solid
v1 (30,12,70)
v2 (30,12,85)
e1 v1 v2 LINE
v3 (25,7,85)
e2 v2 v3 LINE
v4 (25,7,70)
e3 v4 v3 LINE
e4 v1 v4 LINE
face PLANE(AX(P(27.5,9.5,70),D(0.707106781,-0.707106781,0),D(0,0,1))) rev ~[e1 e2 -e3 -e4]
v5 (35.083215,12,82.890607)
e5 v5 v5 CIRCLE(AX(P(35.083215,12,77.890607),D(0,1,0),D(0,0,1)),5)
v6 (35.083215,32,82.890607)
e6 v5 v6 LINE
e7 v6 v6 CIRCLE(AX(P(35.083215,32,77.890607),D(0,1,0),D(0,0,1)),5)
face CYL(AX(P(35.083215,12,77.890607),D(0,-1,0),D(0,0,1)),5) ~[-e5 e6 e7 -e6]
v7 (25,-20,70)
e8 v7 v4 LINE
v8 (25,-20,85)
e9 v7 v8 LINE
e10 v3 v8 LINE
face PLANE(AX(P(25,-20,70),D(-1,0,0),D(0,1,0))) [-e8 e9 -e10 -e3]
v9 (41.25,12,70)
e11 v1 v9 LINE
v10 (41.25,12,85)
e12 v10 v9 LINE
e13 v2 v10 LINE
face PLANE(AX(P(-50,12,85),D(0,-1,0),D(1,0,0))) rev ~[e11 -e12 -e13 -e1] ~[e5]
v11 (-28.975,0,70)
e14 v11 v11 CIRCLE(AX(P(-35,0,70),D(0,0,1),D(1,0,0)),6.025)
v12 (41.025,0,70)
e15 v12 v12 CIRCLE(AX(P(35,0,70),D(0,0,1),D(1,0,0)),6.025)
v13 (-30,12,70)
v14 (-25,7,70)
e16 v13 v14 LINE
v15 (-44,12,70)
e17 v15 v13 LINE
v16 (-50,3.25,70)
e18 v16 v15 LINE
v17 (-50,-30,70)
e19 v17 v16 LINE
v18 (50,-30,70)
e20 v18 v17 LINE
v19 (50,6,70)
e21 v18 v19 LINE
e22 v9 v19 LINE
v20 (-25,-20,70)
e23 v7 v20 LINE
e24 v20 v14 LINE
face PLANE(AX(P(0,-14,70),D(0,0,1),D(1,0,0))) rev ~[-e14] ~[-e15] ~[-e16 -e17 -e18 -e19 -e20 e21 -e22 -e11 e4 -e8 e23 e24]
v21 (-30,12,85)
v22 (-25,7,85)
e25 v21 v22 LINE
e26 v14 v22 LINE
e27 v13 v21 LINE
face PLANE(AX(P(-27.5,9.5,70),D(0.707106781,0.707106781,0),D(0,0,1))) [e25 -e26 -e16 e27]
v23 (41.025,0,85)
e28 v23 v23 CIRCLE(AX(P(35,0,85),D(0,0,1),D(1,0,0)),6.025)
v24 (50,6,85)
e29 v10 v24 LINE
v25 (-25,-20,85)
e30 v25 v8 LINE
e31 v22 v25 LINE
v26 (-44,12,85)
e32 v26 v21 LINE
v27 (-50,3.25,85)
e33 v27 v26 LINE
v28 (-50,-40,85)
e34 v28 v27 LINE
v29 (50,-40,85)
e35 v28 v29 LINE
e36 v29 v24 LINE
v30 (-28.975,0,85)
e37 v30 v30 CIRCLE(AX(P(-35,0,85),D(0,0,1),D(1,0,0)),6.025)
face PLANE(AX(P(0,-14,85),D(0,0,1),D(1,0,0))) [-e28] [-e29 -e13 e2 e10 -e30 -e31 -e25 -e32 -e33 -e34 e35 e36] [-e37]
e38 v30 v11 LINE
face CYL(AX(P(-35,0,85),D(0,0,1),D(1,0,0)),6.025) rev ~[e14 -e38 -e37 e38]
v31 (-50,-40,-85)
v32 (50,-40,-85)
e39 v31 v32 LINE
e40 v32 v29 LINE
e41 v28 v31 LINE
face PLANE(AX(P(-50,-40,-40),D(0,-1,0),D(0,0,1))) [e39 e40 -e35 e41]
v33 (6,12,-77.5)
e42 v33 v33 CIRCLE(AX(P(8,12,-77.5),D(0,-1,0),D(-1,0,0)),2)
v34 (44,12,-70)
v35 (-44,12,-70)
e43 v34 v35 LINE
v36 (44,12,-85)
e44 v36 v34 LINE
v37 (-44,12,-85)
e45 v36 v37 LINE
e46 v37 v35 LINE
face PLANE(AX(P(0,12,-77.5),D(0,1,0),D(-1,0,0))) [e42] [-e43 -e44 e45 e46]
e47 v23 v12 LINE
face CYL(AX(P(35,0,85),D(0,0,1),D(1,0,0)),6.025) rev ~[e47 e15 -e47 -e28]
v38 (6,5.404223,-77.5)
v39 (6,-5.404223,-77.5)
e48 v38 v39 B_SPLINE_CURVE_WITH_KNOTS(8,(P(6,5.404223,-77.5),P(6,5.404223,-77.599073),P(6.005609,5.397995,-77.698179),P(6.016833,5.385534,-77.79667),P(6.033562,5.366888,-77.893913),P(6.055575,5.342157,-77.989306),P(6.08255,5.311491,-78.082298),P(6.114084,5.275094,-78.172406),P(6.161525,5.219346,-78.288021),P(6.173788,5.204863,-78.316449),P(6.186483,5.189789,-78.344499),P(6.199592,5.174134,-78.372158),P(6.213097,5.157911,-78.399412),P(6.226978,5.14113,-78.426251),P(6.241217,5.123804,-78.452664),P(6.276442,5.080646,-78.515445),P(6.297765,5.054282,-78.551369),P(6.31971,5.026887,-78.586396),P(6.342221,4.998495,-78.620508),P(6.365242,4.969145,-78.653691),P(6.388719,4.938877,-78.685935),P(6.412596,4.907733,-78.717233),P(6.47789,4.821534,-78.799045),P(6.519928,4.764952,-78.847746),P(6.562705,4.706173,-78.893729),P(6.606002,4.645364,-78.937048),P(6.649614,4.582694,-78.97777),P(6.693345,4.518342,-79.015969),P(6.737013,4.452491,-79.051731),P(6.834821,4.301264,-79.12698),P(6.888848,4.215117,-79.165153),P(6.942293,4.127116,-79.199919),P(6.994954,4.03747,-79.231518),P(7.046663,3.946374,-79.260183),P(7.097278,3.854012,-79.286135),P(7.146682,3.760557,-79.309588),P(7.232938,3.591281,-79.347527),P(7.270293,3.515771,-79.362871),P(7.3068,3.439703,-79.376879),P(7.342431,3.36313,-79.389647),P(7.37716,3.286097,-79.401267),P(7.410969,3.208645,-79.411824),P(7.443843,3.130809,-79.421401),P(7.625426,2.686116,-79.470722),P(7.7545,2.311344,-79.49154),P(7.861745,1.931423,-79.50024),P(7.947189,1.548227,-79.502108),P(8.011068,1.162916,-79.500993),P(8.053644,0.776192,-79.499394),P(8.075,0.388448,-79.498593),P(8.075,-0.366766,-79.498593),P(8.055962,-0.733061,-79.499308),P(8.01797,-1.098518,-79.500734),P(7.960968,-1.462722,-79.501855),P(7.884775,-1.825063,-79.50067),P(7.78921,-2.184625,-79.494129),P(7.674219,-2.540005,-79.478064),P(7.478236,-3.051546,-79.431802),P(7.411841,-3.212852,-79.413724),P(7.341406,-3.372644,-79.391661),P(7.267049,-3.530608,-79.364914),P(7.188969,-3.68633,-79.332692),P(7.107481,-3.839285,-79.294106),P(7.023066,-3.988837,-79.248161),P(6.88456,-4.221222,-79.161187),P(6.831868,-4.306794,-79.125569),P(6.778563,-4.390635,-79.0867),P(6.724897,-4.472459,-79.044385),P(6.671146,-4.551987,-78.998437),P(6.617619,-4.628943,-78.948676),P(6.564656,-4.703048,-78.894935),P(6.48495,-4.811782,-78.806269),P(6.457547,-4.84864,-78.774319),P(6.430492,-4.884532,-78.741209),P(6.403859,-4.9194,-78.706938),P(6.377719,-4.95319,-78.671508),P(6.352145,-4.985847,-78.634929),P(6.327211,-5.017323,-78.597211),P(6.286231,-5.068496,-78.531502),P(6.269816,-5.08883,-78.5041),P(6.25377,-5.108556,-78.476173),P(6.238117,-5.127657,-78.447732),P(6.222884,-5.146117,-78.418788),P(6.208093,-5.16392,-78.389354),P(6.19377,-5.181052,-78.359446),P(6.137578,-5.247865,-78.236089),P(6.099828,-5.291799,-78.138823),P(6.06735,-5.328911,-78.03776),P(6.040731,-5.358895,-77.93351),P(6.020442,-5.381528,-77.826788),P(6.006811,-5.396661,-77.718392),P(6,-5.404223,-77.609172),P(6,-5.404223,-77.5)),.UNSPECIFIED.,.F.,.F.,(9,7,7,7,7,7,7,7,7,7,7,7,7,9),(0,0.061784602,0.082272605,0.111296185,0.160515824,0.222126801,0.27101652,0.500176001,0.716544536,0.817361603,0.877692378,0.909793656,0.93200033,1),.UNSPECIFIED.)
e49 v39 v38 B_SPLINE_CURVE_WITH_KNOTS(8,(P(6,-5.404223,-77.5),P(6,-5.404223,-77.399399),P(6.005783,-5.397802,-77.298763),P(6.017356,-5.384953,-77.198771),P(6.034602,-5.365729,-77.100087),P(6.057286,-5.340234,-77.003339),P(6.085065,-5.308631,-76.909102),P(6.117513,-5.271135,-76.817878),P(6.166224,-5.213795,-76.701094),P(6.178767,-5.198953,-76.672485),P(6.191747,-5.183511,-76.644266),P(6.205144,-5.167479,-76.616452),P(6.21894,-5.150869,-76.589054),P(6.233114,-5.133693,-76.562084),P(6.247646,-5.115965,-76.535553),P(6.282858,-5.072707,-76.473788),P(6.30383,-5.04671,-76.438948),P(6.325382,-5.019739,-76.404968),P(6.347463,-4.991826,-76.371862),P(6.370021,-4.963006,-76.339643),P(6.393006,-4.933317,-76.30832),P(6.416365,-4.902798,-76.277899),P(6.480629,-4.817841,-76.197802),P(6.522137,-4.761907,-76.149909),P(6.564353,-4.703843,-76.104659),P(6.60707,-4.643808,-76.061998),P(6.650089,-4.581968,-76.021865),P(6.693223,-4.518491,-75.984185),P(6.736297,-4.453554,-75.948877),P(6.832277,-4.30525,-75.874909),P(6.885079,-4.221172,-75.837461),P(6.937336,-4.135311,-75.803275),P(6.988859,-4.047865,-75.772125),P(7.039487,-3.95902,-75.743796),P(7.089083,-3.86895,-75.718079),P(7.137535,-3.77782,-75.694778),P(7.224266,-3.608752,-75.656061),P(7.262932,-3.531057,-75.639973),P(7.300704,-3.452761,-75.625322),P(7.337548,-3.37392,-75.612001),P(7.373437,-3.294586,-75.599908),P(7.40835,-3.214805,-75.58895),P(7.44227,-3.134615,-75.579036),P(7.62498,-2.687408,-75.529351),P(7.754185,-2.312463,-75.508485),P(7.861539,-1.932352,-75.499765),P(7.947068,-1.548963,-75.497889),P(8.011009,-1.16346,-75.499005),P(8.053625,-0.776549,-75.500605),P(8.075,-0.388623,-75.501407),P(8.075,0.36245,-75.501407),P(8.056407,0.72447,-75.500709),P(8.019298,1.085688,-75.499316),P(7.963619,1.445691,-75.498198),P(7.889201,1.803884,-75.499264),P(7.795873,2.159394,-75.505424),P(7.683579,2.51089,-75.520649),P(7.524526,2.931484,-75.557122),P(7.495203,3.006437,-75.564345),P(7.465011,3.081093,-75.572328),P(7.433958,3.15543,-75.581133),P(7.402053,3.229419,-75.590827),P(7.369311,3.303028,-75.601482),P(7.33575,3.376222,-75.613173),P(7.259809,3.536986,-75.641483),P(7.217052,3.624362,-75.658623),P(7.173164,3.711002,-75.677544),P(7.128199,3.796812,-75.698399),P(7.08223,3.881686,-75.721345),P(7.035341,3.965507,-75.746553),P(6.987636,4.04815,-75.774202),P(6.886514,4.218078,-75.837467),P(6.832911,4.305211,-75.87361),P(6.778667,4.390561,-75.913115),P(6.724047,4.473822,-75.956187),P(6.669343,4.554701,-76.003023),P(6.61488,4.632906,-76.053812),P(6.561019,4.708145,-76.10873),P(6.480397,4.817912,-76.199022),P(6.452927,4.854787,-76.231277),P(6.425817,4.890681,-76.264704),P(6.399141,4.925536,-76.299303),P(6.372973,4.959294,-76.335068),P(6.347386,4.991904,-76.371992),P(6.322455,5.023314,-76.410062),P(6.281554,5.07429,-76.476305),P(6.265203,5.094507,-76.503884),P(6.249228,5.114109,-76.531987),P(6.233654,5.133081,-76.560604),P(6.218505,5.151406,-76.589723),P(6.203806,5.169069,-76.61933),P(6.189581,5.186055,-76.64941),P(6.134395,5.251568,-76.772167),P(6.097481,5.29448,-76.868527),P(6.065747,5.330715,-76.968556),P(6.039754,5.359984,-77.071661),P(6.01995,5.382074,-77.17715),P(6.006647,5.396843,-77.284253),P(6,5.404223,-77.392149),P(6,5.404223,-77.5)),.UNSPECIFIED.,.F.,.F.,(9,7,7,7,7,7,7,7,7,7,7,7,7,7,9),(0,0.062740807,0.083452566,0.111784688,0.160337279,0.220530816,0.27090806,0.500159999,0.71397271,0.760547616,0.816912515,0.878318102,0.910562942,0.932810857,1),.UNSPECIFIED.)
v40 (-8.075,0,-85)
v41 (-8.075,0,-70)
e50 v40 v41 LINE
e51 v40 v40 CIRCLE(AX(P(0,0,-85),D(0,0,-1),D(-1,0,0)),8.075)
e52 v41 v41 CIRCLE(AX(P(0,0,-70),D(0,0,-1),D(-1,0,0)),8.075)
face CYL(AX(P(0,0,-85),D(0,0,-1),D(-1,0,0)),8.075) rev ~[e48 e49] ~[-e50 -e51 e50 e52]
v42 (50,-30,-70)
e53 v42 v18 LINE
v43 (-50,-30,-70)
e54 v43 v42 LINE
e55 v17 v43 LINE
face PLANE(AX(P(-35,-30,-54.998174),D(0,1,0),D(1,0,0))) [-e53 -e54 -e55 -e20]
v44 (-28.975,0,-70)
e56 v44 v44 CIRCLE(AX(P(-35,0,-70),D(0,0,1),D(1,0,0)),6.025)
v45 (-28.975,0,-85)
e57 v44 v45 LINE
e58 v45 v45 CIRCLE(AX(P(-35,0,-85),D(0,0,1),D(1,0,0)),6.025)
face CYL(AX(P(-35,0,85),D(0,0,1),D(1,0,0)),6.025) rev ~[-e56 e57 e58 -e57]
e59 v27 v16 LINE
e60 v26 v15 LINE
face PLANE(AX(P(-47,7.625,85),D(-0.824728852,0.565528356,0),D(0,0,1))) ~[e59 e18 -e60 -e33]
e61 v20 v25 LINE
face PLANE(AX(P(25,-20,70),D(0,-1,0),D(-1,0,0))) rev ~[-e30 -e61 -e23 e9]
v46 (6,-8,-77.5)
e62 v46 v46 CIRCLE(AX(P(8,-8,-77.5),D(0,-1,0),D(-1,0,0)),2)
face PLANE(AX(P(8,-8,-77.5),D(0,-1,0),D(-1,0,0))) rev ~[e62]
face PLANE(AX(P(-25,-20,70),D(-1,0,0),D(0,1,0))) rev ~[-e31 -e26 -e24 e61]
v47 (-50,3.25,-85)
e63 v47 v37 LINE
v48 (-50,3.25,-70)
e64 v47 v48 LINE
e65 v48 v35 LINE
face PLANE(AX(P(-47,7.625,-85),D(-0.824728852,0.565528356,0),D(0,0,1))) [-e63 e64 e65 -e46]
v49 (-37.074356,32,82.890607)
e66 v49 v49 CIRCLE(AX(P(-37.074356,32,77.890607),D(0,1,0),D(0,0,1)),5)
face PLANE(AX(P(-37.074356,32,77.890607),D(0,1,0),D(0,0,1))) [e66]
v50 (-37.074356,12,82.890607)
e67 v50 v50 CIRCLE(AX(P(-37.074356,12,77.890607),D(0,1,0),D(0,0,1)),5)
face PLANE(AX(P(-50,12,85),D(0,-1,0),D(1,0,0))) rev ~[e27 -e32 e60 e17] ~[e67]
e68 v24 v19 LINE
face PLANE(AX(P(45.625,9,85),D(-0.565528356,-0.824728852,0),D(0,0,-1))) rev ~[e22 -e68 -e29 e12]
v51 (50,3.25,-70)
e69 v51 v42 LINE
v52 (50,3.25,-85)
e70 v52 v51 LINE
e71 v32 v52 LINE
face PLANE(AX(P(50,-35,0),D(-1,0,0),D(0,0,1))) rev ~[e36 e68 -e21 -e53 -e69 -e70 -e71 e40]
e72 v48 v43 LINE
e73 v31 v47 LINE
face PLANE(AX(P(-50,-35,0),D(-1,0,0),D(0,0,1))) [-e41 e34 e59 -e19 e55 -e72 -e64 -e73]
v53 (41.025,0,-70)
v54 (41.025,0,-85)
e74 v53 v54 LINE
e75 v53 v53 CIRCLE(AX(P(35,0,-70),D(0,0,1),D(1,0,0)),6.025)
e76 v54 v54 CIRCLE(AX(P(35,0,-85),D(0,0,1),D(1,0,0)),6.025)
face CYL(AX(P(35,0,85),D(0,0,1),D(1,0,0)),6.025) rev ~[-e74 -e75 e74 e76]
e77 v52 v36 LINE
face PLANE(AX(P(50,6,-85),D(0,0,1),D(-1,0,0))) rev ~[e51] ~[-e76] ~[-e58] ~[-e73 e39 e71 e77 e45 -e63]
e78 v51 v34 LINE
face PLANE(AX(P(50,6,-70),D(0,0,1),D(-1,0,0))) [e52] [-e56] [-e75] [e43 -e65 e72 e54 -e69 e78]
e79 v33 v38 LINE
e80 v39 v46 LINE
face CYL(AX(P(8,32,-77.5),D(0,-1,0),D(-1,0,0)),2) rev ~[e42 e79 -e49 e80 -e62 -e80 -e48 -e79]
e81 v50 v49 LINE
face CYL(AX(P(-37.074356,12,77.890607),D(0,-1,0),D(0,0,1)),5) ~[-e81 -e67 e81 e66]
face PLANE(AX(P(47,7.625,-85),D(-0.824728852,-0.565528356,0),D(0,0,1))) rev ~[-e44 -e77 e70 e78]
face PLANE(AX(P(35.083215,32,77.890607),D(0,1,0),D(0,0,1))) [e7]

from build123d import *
from OCP.BRepFilletAPI import BRepFilletAPI_MakeChamfer

# Parameters (mm, degrees)
SKETCH1_W                      = 100
SKETCH1_H                      = 52
BOSS_EXTRUDE1_DEPTH            = 15
SKETCH2_R                      = 6
BOSS_EXTRUDE2_DEPTH            = 140
SKETCH3_W                      = 100
SKETCH3_H                      = 46
BOSS_EXTRUDE3_DEPTH            = 15
SKETCH4_W                      = 100
SKETCH4_H                      = 15
BOSS_EXTRUDE4_DEPTH            = 6
SKETCH5_W                      = 100
SKETCH5_H                      = 10
BOSS_EXTRUDE5_DEPTH            = 30
SKETCH6_W                      = 100
SKETCH6_H                      = 10
BOSS_EXTRUDE6_DEPTH            = 30
SKETCH7_W                      = 50
SKETCH7_H                      = 32
CUT_EXTRUDE1_DEPTH             = 168.705098312
SKETCH8_W                      = 6
SKETCH8_H                      = 1
SKETCH9_W                      = 6
SKETCH9_H                      = 1
SKETCH10_W                     = 6
SKETCH10_H                     = 1
SKETCH11_W                     = 6
SKETCH11_H                     = 1
SKETCH12_W                     = 6
SKETCH12_H                     = 140
F_10_0_10_DIAMETER_HOLE1_D     = 10
F_10_0_10_DIAMETER_HOLE1_DEPTH = 10
F_4_0_4_DIAMETER_HOLE1_D       = 4
F_4_0_4_DIAMETER_HOLE1_DEPTH   = 20
F_16_0_16_DIAMETER_HOLE1_D     = 16
F_16_0_16_DIAMETER_HOLE1_DEPTH = 16
CHAMFER1_SIZE                  = 8.75
CHAMFER1_SIZE2                 = 6
CHAMFER2_SIZE                  = 5
SKETCH19_R                     = 6
CUT_EXTRUDE2_DEPTH             = 300
SKETCH20_W                     = 80
SKETCH20_H                     = 10
BOSS_EXTRUDE7_DEPTH            = 100
SKETCH21_R                     = 5
BOSS_EXTRUDE8_DEPTH            = 10
SKETCH23_R                     = 5
BOSS_EXTRUDE10_DEPTH           = 20
SKETCH24_R                     = 8.075
CUT_EXTRUDE3_DEPTH             = 40
SKETCH25_R                     = 6.025
CUT_EXTRUDE4_DEPTH             = 187


with BuildPart() as part:
    # Sketch1 → Boss-Extrude1 (new body)
    with BuildSketch(Plane.XY.offset(85)):
        with Locations((0, -14)):
            Rectangle(SKETCH1_W, SKETCH1_H)
    extrude(amount=-BOSS_EXTRUDE1_DEPTH)

    # Sketch2 → Boss-Extrude2 (add)
    with BuildSketch(Plane(origin=(0, 0, 70), x_dir=(-1, 0, 0), z_dir=(0, 0, -1))):
        with Locations(Location((35, 0, 0), (0, 0, 180))):
            Circle(SKETCH2_R)
    extrude(amount=BOSS_EXTRUDE2_DEPTH)

    # Sketch3 → Boss-Extrude3 (add)
    with BuildSketch(Plane.XY.offset(-70)):
        with Locations((0, -17)):
            Rectangle(SKETCH3_W, SKETCH3_H)
    extrude(amount=-BOSS_EXTRUDE3_DEPTH)

    # Sketch4 → Boss-Extrude4 (add)
    with BuildSketch(Plane(origin=(0, 6, 0), x_dir=(-1, 0, 0), z_dir=(0, 1, 0))):
        with Locations((0, -77.5)):
            Rectangle(SKETCH4_W, SKETCH4_H)
    extrude(amount=BOSS_EXTRUDE4_DEPTH)

    # Sketch5 → Boss-Extrude5 (add)
    with BuildSketch(Plane(origin=(0, 0, 70), x_dir=(-1, 0, 0), z_dir=(0, 0, -1))):
        with Locations((0, -35)):
            Rectangle(SKETCH5_W, SKETCH5_H)
    extrude(amount=BOSS_EXTRUDE5_DEPTH)

    # Sketch6 → Boss-Extrude6 (add)
    with BuildSketch(Plane.XY.offset(-70)):
        with Locations((0, -35)):
            Rectangle(SKETCH6_W, SKETCH6_H)
    extrude(amount=BOSS_EXTRUDE6_DEPTH)

    # Sketch7 → Cut-Extrude1 (cut, through all)
    with BuildSketch(Plane(origin=(0, 0, 70), x_dir=(-1, 0, 0), z_dir=(0, 0, -1))):
        with Locations((0, -4)):
            Rectangle(SKETCH7_W, SKETCH7_H)
    extrude(amount=-CUT_EXTRUDE1_DEPTH, mode=Mode.SUBTRACT)

    # Sketch8 → Revolve1 (revolve)
    with BuildSketch(Plane(origin=(0, 0, 0), x_dir=(1, 0, 0), z_dir=(0, 1, 0))):
        with Locations((38, 85.5)):
            Rectangle(SKETCH8_W, SKETCH8_H)
    revolve(axis=Axis((35, 0, -86), (0, 0, 1)))

    # Sketch9 → Revolve2 (revolve)
    with BuildSketch(Plane(origin=(0, 0, 0), x_dir=(1, 0, 0), z_dir=(0, 1, 0))):
        with Locations((-32, 85.5)):
            Rectangle(SKETCH9_W, SKETCH9_H)
    revolve(axis=Axis((-35, 0, -86), (0, 0, 1)))

    # Sketch10 → Revolve3 (revolve)
    with BuildSketch(Plane(origin=(0, 0, 0), x_dir=(1, 0, 0), z_dir=(0, 1, 0))):
        with Locations((38, -85.5)):
            Rectangle(SKETCH10_W, SKETCH10_H)
    revolve(axis=Axis((35, 0, 85), (0, 0, 1)))

    # Sketch11 → Revolve4 (revolve)
    with BuildSketch(Plane(origin=(0, 0, 0), x_dir=(1, 0, 0), z_dir=(0, 1, 0))):
        with Locations((-32, -85.5)):
            Rectangle(SKETCH11_W, SKETCH11_H)
    revolve(axis=Axis((-35, 0, 85), (0, 0, 1)))

    # Sketch12 → Revolve5 (revolve)
    with BuildSketch(Plane(origin=(0, 0, 0), x_dir=(1, 0, 0), z_dir=(0, 1, 0))):
        with Locations((38, 0)):
            Rectangle(SKETCH12_W, SKETCH12_H)
    revolve(axis=Axis((35, 0, -70), (0, 0, 1)))

    # Ø10.0 (10) Diameter Hole1
    with Locations(Plane(origin=(0, -40, 0), x_dir=(-1, 0, 0), z_dir=(0, -1, 0))):
        with Locations((35, -55), (-35, -55), (-35, 54.99817447), (35, 54.99817447)):
            Hole(F_10_0_10_DIAMETER_HOLE1_D / 2, depth=F_10_0_10_DIAMETER_HOLE1_DEPTH)

    # Ø4.0 (4) Diameter Hole1
    with Locations(Plane(origin=(0, 12, 0), x_dir=(1, 0, 0), z_dir=(0, 1, 0))):
        with Locations((8, 77.5)):
            Hole(F_4_0_4_DIAMETER_HOLE1_D / 2, depth=F_4_0_4_DIAMETER_HOLE1_DEPTH)

    # Ø16.0 (16) Diameter Hole1
    with Locations(Plane.XY.offset(-70)):
        with Locations((0, 0)):
            Hole(F_16_0_16_DIAMETER_HOLE1_D / 2, depth=F_16_0_16_DIAMETER_HOLE1_DEPTH)

    # Chamfer1: one chamfer whose edges measure the first distance from different faces: ONE call of the kernel's chamfer builder (chamfer() names one face for all edges)
    chamfer1_edges_1 = [part.edges().sort_by_distance(p)[0] for p in [
        (50, 12, -77.5),
    ]]
    chamfer1_side_1 = [part.faces().sort_by_distance(p)[0] for p in [
        (50, -19.833333333, -71.25),
    ]]
    chamfer1_edges_2 = [part.edges().sort_by_distance(p)[0] for p in [
        (-50, 12, -77.5),
    ]]
    chamfer1_side_2 = [part.faces().sort_by_distance(p)[0] for p in [
        (-50, -19.833333333, -71.25),
    ]]
    chamfer1_edges_3 = [part.edges().sort_by_distance(p)[0] for p in [
        (-50, 12, 77.5),
    ]]
    chamfer1_side_3 = [part.faces().sort_by_distance(p)[0] for p in [
        (-50, -19.833333333, 71.25),
    ]]
    chamfer1_edges_4 = [part.edges().sort_by_distance(p)[0] for p in [
        (50, 12, 77.5),
    ]]
    chamfer1_side_4 = [part.faces().sort_by_distance(p)[0] for p in [
        (37.5, 12, 77.5),
    ]]
    chamfer1 = BRepFilletAPI_MakeChamfer(part.part.solid().wrapped)
    for e in chamfer1_edges_1:
        chamfer1.Add(CHAMFER1_SIZE, CHAMFER1_SIZE2, e.wrapped, chamfer1_side_1[0].wrapped)  # the first distance lies on this face
    for e in chamfer1_edges_2:
        chamfer1.Add(CHAMFER1_SIZE, CHAMFER1_SIZE2, e.wrapped, chamfer1_side_2[0].wrapped)  # the first distance lies on this face
    for e in chamfer1_edges_3:
        chamfer1.Add(CHAMFER1_SIZE, CHAMFER1_SIZE2, e.wrapped, chamfer1_side_3[0].wrapped)  # the first distance lies on this face
    for e in chamfer1_edges_4:
        chamfer1.Add(CHAMFER1_SIZE, CHAMFER1_SIZE2, e.wrapped, chamfer1_side_4[0].wrapped)  # the first distance lies on this face
    add(Compound.cast(chamfer1.Shape()), mode=Mode.REPLACE)

    # Chamfer2
    chamfer2_edges = [part.edges().sort_by_distance(p)[0] for p in [
        (-25, 12, 77.5),
        (25, 12, 77.5),
    ]]
    chamfer(chamfer2_edges, length=CHAMFER2_SIZE)

    # Sketch19 → Cut-Extrude2 (cut)
    with BuildSketch(Plane(origin=(0, 0, -86), x_dir=(-1, 0, 0), z_dir=(0, 0, -1))):
        with Locations(Location((-35, 0, 0), (0, 0, 180))):
            Circle(SKETCH19_R)
        with Locations(Location((35, 0, 0), (0, 0, 180))):
            Circle(SKETCH19_R)
    extrude(amount=-CUT_EXTRUDE2_DEPTH, mode=Mode.SUBTRACT)


with BuildPart() as cut_extrude2_piece_1:
    # of the separate pieces the step leaves, piece 1, a body of its own (cut_extrude2_pieces)
    add(part.part.solids().sort_by_distance((-50, 3.25, -70))[0])



with BuildPart() as cut_extrude2_piece_2:
    # of the separate pieces the step leaves, piece 2, a body of its own (cut_extrude2_pieces)
    add(part.part.solids().sort_by_distance((30, 12, 70))[0])


with BuildPart() as cut_extrude2_piece_1_1:
    add(cut_extrude2_piece_1.part)

    add(cut_extrude2_piece_2.part)  # Boss-Extrude7 merges Cut-Extrude2 piece 2
    # Sketch20 → Boss-Extrude7 (add)
    with BuildSketch(Plane.ZY.offset(50)):
        with Locations((0, -35)):
            Rectangle(SKETCH20_W, SKETCH20_H)
    extrude(amount=-BOSS_EXTRUDE7_DEPTH)

    # Sketch21 → Boss-Extrude8 (add)
    with BuildSketch(Plane(origin=(0, -30, 0), x_dir=(1, 0, 0), z_dir=(0, 1, 0))):
        with Locations((-35, 54.99817447)):
            Circle(SKETCH21_R)
        with Locations((35, 54.99817447)):
            Circle(SKETCH21_R)
        with Locations((35, -55)):
            Circle(SKETCH21_R)
        with Locations((-35, -55)):
            Circle(SKETCH21_R)
    extrude(amount=-BOSS_EXTRUDE8_DEPTH)

    # Sketch23 → Boss-Extrude10 (add)
    with BuildSketch(Plane(origin=(0, 12, 0), x_dir=(1, 0, 0), z_dir=(0, 1, 0))):
        with Locations(Location((-37.07435596, -77.890606879, 0), (0, 0, 270))):
            Circle(SKETCH23_R)
        with Locations(Location((35.083214943, -77.890606879, 0), (0, 0, 270))):
            Circle(SKETCH23_R)
    extrude(amount=BOSS_EXTRUDE10_DEPTH)

    # Sketch24 → Cut-Extrude3 (cut)
    with BuildSketch(Plane(origin=(0, 0, -85), x_dir=(-1, 0, 0), z_dir=(0, 0, -1))):
        Circle(SKETCH24_R)
    extrude(amount=-CUT_EXTRUDE3_DEPTH, mode=Mode.SUBTRACT)

    # Sketch25 → Cut-Extrude4 (cut)
    with BuildSketch(Plane.XY.offset(85)):
        with Locations((-35, 0)):
            Circle(SKETCH25_R)
        with Locations((35, 0)):
            Circle(SKETCH25_R)
    extrude(amount=-CUT_EXTRUDE4_DEPTH, mode=Mode.SUBTRACT)


solid = cut_extrude2_piece_1_1.part
